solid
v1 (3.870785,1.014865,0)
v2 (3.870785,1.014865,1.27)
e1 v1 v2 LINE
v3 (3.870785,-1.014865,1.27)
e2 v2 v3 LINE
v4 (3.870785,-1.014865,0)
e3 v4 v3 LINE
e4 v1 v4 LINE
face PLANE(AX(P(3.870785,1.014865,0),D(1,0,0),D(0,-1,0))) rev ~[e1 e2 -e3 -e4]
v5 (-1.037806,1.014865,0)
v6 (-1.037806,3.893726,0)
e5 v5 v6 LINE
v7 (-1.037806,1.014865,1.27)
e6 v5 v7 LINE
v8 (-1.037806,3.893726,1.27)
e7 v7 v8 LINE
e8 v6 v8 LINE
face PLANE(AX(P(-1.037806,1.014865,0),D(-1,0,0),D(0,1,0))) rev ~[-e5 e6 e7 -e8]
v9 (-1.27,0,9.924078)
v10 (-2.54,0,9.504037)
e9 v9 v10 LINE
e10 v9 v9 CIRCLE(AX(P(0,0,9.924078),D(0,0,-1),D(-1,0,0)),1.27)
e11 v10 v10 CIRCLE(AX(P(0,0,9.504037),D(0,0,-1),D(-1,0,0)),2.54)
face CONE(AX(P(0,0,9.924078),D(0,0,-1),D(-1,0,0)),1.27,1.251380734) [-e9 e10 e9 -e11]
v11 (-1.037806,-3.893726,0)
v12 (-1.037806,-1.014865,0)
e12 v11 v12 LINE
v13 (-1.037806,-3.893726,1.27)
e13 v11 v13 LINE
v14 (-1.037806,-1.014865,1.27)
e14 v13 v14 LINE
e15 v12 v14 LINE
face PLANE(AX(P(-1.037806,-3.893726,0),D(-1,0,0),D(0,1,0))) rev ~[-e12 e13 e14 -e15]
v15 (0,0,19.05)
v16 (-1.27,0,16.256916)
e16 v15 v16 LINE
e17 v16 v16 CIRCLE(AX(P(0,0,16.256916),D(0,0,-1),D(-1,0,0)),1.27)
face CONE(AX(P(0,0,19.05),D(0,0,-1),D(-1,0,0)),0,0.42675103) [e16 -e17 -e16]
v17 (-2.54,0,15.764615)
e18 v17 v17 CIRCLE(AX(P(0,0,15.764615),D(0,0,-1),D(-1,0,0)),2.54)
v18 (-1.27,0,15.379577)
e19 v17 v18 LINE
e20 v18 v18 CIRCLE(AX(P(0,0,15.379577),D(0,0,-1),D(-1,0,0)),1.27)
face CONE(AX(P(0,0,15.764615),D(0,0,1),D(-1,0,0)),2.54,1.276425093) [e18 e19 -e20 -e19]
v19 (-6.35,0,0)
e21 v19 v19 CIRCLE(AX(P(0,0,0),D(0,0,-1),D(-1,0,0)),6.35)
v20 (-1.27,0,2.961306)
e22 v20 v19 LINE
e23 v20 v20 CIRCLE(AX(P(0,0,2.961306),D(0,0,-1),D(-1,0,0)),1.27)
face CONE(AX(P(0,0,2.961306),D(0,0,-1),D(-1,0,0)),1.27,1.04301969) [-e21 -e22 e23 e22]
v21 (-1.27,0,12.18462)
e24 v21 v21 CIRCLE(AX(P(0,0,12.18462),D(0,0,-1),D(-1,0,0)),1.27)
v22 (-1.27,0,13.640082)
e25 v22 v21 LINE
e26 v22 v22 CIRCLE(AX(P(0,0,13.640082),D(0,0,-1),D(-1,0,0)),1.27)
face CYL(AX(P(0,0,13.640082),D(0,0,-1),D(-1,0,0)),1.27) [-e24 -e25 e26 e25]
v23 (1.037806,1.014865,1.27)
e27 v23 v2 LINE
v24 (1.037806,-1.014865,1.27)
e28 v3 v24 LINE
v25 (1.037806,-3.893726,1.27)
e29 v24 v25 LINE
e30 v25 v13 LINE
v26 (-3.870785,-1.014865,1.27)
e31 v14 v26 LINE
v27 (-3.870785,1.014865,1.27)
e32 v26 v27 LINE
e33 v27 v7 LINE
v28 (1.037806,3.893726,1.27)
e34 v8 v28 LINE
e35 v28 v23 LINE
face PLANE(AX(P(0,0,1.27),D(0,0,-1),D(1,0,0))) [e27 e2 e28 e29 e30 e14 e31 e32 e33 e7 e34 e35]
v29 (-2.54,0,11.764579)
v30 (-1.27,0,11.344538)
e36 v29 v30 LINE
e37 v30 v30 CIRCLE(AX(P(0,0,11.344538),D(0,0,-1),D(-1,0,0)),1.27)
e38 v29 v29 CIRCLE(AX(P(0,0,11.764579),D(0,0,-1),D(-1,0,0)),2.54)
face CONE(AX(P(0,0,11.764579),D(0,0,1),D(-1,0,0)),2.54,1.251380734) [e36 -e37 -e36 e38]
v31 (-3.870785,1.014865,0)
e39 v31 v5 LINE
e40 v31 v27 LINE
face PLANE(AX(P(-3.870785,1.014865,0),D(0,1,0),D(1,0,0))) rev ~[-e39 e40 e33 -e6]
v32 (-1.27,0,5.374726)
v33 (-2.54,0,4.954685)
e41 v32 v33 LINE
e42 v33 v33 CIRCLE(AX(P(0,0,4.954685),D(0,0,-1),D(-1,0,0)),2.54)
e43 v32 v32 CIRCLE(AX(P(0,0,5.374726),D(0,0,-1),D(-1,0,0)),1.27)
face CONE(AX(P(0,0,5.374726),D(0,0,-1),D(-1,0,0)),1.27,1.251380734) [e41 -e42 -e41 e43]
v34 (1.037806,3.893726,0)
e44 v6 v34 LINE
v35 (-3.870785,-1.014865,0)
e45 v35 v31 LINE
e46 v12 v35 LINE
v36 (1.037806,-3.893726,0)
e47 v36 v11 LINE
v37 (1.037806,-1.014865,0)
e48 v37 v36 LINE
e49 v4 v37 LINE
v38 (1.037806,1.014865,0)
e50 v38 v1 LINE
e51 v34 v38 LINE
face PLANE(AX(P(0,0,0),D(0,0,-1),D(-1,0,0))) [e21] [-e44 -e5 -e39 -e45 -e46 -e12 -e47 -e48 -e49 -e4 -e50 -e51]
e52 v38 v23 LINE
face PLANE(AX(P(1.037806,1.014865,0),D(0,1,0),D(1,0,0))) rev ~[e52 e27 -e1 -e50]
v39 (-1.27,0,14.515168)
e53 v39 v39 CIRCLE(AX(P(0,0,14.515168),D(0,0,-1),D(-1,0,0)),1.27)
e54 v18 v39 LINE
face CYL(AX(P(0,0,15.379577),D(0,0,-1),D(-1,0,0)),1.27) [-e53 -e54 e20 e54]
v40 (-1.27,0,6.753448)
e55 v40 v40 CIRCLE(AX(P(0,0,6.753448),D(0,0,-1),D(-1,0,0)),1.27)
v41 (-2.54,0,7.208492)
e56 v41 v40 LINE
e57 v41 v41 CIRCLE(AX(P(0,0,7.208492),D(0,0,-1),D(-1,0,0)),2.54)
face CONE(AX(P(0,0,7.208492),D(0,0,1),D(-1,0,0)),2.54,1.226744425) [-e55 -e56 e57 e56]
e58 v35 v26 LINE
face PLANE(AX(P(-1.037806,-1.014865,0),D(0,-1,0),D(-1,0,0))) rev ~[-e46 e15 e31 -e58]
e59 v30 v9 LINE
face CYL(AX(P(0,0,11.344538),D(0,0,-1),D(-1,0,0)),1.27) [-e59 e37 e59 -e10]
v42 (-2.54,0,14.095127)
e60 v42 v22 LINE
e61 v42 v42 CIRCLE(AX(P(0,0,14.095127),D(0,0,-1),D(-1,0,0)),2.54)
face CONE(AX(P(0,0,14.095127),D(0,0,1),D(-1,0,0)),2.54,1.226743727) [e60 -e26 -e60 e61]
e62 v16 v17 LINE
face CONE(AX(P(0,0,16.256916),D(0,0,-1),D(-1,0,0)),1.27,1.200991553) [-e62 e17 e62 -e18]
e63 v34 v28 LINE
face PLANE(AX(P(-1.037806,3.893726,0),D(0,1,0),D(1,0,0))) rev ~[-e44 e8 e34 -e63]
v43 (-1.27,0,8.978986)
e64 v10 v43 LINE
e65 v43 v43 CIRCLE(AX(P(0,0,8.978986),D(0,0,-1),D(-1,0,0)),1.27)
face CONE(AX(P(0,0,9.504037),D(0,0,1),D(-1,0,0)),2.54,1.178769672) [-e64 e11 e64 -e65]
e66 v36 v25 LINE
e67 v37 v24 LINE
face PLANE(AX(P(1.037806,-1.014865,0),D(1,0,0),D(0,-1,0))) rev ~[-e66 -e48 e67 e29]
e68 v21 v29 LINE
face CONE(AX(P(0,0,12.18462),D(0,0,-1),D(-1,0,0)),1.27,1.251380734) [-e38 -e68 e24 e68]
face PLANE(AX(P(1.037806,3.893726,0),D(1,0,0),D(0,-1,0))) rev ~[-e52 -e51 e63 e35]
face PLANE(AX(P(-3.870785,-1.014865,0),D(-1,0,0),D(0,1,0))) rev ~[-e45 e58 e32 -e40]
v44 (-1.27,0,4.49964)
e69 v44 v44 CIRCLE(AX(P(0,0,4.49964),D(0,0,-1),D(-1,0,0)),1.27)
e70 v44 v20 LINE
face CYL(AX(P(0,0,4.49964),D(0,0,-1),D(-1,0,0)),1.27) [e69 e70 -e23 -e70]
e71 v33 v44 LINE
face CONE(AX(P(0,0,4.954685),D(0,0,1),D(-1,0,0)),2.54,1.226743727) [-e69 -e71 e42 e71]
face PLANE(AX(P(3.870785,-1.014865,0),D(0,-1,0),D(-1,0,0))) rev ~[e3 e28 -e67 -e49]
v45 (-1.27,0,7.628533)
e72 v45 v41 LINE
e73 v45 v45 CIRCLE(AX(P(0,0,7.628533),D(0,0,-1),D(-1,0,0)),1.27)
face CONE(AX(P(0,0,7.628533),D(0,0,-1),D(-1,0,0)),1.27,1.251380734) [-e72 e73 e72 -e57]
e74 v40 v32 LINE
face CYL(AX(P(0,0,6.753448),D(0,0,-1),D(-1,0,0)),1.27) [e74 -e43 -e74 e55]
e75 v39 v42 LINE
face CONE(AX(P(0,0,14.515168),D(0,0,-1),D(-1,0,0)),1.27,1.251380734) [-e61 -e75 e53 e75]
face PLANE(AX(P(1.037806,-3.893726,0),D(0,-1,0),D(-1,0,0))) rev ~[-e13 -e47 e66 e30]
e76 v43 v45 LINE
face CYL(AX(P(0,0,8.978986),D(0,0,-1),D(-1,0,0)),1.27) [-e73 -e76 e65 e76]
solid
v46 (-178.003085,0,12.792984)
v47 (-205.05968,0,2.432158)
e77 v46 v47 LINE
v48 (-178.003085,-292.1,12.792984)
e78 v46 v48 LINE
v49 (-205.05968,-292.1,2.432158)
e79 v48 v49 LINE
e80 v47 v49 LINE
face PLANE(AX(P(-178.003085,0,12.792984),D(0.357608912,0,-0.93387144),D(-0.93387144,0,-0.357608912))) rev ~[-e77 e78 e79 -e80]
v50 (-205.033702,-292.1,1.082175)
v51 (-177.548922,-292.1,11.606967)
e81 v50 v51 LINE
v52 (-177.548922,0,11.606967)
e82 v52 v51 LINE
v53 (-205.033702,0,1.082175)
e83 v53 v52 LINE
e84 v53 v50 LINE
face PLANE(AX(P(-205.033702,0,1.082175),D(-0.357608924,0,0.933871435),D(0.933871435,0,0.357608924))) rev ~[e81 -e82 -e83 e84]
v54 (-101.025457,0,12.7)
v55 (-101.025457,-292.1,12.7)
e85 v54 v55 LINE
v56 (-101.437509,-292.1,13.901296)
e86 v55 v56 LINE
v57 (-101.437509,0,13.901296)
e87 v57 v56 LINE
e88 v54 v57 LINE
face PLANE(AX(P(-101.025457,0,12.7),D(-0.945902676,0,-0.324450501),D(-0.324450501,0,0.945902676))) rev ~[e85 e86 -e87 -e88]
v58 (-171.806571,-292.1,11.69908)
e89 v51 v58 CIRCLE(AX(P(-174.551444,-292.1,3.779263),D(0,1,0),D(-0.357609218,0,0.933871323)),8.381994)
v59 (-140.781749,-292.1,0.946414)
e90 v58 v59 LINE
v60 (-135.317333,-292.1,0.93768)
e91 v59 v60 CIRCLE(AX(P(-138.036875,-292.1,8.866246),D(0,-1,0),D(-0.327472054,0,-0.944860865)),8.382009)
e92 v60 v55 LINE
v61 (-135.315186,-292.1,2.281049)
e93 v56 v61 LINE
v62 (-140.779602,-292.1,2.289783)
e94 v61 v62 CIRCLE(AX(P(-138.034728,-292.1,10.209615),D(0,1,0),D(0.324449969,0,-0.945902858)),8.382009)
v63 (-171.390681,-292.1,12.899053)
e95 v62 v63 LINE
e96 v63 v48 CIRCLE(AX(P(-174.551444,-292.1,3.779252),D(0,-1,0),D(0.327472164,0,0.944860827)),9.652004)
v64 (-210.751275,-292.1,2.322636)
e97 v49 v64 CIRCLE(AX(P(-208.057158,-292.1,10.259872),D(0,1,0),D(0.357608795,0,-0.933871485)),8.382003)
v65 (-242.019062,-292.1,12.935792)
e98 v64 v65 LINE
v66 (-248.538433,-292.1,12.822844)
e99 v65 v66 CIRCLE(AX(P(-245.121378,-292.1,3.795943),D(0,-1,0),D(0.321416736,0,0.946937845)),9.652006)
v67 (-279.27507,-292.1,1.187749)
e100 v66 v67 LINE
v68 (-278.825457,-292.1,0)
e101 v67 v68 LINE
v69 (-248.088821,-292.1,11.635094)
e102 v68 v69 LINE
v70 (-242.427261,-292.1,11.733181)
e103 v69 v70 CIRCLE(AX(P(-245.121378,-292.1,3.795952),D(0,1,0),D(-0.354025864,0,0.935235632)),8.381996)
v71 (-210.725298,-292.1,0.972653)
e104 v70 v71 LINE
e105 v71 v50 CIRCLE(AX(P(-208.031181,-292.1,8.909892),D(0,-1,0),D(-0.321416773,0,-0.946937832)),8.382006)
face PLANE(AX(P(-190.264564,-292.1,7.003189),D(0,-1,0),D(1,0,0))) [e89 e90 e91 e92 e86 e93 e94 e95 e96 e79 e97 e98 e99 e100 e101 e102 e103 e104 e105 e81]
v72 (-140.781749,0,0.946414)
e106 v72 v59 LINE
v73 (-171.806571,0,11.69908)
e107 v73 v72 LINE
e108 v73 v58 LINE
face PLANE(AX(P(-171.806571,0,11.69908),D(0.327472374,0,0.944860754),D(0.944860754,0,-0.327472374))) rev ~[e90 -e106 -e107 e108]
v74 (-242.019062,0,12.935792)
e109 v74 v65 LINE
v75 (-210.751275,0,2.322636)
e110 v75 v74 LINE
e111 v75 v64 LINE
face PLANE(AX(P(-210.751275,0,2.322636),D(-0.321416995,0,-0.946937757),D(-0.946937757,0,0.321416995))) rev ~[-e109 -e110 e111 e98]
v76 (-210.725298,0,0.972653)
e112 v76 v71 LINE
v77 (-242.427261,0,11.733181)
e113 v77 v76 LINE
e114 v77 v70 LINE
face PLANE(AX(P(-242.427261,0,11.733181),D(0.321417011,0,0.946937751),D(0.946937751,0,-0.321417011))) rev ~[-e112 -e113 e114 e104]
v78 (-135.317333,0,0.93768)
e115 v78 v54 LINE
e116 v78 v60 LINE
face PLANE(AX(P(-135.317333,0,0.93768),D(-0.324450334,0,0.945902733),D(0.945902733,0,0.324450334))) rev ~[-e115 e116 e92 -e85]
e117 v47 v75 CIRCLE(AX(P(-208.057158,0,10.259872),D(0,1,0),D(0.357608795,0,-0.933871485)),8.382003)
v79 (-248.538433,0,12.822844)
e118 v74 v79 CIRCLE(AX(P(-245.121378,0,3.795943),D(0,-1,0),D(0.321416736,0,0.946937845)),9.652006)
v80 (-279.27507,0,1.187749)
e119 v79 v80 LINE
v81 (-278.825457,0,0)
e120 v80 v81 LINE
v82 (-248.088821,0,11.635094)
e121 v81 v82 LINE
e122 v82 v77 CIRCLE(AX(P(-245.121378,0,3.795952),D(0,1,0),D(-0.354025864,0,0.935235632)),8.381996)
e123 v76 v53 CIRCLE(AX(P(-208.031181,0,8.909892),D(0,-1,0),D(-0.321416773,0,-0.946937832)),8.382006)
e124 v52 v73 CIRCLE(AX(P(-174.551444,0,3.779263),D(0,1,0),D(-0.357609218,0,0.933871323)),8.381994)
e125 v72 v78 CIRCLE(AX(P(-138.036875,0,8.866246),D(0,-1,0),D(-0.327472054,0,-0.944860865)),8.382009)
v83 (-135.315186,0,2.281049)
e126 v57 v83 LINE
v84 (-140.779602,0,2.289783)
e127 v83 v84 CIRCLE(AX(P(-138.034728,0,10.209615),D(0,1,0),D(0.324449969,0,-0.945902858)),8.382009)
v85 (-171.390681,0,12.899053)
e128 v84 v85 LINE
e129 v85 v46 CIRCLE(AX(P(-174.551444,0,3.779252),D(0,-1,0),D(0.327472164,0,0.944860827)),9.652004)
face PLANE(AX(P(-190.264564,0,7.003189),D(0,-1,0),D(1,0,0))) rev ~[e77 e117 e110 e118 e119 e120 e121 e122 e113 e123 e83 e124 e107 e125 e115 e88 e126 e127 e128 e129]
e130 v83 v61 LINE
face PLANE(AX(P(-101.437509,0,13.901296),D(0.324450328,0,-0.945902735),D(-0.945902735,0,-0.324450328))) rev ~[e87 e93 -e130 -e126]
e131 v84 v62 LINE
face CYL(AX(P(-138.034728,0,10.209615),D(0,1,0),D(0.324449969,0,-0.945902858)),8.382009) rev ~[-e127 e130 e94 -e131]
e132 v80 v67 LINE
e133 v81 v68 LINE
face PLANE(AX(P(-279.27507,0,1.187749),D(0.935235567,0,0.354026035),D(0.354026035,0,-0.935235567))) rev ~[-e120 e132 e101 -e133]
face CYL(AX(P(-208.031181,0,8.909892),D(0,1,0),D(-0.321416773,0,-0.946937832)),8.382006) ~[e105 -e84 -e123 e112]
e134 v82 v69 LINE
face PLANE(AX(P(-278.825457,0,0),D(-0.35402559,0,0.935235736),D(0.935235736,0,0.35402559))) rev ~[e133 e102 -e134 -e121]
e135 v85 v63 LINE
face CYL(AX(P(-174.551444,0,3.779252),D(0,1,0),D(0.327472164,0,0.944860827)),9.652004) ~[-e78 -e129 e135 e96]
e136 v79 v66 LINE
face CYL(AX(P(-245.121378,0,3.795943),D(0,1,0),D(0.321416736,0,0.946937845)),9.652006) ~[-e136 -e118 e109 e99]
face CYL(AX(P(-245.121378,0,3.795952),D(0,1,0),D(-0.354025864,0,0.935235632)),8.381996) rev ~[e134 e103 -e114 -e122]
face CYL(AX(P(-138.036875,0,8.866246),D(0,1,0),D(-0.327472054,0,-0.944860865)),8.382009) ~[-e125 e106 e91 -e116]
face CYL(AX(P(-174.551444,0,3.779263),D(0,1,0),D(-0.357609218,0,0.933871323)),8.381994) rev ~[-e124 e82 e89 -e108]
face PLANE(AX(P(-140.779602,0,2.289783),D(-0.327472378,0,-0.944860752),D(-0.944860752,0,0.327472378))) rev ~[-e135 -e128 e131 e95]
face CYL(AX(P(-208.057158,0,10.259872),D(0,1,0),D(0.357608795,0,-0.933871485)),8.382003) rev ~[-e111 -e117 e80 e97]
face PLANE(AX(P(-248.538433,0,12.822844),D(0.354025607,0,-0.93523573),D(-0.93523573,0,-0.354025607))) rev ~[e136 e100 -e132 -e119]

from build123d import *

# Parameters (mm, degrees)
F1_DEPTH = 292.1
F5_DEPTH = 1.27


with BuildPart() as f1:
    # F0 (on Front) → F1 (new body)
    with BuildSketch(Plane.XZ):
        with BuildLine():
            Line((-279.27507, 1.187749), (-278.825457, 0))
            Line((-278.825457, 0), (-248.088821, 11.635094))
            ThreePointArc((-248.088821, 11.635094), (-245.266575, 12.176691), (-242.427261, 11.733181))
            Line((-242.427261, 11.733181), (-210.725298, 0.972653))
            ThreePointArc((-210.725298, 0.972653), (-207.869918, 0.529437), (-205.033702, 1.082175))
            Line((-205.033702, 1.082175), (-177.548922, 11.606967))
            ThreePointArc((-177.548922, 11.606967), (-174.685882, 12.160179), (-171.806571, 11.69908))
            Line((-171.806571, 11.69908), (-140.781749, 0.946414))
            ThreePointArc((-140.781749, 0.946414), (-138.050272, 0.484248), (-135.317333, 0.93768))
            Line((-135.317333, 0.93768), (-101.025457, 12.7))
            Line((-101.025457, 12.7), (-101.437509, 13.901296))
            Line((-101.437509, 13.901296), (-135.315186, 2.281049))
            ThreePointArc((-135.315186, 2.281049), (-138.048125, 1.827617), (-140.779602, 2.289783))
            Line((-140.779602, 2.289783), (-171.390681, 12.899053))
            ThreePointArc((-171.390681, 12.899053), (-174.706251, 13.430015), (-178.003085, 12.792984))
            Line((-178.003085, 12.792984), (-205.05968, 2.432158))
            ThreePointArc((-205.05968, 2.432158), (-207.895895, 1.87942), (-210.751275, 2.322636))
            Line((-210.751275, 2.322636), (-242.019062, 12.935792))
            ThreePointArc((-242.019062, 12.935792), (-245.288574, 13.4465), (-248.538433, 12.822844))
            Line((-248.538433, 12.822844), (-279.27507, 1.187749))
        make_face()
    extrude(amount=F1_DEPTH)


with BuildPart() as f3:
    # F2 (on Front) → F3 (revolve)
    with BuildSketch(Plane.XZ):
        Polygon((-6.35, 0), (0, 0), (0, 19.05), (-1.27, 16.256916), (-2.54, 15.764615), (-1.27, 15.379577), (-1.27, 14.515168), (-2.54, 14.095127), (-1.27, 13.640082), (-1.27, 12.18462), (-2.54, 11.764579), (-1.27, 11.344538), (-1.27, 9.924078), (-2.54, 9.504037), (-1.27, 8.978986), (-1.27, 7.628533), (-2.54, 7.208492), (-1.27, 6.753448), (-1.27, 5.374726), (-2.54, 4.954685), (-1.27, 4.49964), (-1.27, 2.961306), align=None)
    revolve(axis=Axis((0, 0, 9.525), (0, 0, -1)))

    # F4 (on face) → F5 (cut)
    with BuildSketch(Plane(origin=(0, 0, 0), x_dir=(1, 0, 0), z_dir=(0, 0, -1))):
        Polygon((1.037806, 3.893726), (-1.037806, 3.893726), (-1.037806, 1.014865), (-3.870785, 1.014865), (-3.870785, -1.014865), (-1.037806, -1.014865), (-1.037806, -3.893726), (1.037806, -3.893726), (1.037806, -1.014865), (3.870785, -1.014865), (3.870785, 1.014865), (1.037806, 1.014865), align=None)
    extrude(amount=-F5_DEPTH, mode=Mode.SUBTRACT)


solid = Compound([f1.part, f3.part])
